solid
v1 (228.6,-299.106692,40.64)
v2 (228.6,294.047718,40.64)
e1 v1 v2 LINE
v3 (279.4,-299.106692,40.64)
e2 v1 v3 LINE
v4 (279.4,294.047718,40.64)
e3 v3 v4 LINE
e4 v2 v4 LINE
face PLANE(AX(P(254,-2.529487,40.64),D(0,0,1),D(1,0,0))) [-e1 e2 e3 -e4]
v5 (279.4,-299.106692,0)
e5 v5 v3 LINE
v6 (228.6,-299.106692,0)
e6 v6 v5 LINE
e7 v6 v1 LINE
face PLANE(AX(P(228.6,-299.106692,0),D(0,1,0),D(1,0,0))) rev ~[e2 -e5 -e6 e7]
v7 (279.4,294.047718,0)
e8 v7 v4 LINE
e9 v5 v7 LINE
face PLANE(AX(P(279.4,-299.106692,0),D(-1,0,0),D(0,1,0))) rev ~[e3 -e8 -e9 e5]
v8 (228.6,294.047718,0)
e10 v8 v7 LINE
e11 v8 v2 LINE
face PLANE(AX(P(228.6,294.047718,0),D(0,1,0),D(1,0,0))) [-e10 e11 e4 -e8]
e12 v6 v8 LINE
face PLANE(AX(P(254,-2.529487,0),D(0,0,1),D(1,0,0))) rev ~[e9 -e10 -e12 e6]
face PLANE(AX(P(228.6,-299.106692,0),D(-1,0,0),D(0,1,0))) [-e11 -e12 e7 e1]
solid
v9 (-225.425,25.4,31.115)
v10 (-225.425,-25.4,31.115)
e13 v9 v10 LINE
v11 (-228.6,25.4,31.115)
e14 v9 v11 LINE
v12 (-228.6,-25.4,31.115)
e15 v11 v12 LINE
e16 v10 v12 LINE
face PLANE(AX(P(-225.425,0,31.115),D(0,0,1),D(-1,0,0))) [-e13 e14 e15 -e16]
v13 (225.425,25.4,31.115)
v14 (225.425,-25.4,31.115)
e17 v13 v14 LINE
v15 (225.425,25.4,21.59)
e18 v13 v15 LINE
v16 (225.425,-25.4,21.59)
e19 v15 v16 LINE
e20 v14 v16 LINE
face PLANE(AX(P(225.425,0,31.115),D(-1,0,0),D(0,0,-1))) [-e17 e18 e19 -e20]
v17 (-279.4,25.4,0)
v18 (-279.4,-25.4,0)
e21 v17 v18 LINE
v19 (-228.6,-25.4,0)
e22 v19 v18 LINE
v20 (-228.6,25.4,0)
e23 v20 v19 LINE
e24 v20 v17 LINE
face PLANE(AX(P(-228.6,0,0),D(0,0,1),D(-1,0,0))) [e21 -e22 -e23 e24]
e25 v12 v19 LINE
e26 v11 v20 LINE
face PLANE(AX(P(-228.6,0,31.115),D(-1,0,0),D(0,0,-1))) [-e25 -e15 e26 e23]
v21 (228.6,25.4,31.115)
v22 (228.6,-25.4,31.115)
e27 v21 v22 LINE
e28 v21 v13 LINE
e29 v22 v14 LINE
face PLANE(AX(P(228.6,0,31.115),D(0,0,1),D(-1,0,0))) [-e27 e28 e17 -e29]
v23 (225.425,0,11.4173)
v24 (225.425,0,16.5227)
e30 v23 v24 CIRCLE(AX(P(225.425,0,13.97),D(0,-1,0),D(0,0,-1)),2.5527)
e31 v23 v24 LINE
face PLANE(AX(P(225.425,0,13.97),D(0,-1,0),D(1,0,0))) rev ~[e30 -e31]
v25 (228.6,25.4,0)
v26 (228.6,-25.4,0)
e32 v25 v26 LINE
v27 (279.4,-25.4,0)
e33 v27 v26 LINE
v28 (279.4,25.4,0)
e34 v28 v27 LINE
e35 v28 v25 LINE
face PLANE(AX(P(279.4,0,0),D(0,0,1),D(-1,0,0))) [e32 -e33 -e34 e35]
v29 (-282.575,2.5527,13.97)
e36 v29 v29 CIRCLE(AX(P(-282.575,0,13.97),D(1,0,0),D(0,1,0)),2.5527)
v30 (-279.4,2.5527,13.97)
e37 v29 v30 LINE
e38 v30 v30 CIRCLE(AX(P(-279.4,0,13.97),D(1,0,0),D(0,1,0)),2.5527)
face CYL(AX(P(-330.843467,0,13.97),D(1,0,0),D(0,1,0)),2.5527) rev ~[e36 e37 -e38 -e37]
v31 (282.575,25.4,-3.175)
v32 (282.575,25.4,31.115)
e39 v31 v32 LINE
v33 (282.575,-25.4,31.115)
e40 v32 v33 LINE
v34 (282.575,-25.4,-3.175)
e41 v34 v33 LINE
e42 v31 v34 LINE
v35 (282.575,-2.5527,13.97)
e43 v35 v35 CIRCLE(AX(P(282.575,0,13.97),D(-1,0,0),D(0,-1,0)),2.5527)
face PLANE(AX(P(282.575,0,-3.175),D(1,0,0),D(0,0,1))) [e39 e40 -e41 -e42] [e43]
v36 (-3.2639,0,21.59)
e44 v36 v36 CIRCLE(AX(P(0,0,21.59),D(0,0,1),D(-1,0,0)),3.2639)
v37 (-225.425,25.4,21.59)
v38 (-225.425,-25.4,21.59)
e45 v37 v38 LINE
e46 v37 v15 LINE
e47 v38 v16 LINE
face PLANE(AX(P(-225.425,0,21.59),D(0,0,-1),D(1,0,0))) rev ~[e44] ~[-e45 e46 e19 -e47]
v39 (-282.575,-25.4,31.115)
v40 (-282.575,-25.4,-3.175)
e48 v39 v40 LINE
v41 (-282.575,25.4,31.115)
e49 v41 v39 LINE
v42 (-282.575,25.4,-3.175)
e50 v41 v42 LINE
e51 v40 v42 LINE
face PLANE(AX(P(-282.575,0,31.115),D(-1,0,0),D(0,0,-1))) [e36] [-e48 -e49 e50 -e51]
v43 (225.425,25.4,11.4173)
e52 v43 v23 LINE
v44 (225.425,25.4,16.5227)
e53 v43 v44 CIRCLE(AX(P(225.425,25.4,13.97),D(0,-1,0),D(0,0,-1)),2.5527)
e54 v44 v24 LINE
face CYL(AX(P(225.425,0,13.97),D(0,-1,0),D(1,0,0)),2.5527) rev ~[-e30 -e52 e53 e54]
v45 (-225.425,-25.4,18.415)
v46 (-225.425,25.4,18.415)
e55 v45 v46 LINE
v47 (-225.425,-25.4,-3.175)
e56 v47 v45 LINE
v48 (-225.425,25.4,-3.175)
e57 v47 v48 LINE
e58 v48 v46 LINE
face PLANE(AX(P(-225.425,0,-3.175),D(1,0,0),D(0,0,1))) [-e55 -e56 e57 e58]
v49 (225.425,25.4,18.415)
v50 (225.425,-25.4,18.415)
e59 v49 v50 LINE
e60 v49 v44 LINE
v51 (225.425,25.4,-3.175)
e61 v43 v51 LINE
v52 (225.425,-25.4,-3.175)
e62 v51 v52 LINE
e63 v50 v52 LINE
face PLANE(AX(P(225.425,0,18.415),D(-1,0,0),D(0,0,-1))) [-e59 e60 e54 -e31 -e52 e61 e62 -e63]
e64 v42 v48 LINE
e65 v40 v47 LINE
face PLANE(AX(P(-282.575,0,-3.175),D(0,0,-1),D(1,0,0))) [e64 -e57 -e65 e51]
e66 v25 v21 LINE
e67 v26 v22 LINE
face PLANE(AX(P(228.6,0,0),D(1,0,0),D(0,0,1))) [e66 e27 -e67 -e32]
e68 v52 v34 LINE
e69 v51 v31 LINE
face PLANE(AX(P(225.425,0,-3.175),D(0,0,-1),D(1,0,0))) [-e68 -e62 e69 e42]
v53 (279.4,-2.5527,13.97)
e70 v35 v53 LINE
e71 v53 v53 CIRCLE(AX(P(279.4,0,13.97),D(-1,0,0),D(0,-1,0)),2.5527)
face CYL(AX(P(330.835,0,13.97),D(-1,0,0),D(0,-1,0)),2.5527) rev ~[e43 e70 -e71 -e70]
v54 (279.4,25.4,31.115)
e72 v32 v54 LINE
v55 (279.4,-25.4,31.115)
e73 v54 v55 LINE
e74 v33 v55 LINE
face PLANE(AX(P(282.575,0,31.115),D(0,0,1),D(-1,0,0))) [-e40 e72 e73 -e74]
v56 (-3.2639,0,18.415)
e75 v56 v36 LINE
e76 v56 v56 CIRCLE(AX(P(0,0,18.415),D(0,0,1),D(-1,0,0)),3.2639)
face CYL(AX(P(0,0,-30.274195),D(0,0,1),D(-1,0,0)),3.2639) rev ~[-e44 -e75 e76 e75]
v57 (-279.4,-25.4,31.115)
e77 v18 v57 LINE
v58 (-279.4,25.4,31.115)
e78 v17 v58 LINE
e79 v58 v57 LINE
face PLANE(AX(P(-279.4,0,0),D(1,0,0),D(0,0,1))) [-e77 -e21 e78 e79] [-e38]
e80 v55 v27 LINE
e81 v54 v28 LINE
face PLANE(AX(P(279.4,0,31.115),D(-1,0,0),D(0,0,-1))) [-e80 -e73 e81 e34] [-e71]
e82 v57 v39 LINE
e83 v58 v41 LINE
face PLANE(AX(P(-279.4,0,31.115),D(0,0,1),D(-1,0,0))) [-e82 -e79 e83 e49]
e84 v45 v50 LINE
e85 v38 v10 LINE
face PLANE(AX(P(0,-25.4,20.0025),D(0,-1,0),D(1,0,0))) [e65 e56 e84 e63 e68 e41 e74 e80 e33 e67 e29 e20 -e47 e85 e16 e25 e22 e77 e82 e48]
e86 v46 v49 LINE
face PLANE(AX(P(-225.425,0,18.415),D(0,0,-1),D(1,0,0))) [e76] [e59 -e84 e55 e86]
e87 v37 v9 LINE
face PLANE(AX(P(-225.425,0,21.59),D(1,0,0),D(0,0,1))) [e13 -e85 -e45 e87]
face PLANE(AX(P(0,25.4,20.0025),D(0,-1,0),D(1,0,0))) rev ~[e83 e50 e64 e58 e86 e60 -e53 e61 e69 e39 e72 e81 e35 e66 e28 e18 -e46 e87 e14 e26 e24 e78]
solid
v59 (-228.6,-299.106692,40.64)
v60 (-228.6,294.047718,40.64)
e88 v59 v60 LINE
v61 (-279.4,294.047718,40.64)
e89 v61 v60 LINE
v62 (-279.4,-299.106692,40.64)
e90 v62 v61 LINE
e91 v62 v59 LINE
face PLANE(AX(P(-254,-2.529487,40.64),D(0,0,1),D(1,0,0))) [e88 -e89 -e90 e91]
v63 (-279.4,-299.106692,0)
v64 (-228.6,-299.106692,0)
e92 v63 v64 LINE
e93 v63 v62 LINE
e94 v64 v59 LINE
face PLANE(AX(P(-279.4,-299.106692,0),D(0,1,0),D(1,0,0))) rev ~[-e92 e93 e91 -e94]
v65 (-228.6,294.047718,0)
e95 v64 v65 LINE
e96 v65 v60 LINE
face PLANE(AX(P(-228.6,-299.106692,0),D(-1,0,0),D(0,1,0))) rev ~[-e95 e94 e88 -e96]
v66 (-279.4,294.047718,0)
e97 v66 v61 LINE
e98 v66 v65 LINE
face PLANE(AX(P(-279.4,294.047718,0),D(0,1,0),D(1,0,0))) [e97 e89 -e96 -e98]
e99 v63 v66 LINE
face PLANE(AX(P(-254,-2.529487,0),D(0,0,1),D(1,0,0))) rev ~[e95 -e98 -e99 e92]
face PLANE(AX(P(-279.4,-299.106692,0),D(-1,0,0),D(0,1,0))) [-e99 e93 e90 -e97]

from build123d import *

# Parameters (mm, degrees)
F0_W           = 50.8
F0_H           = 593.1544098956
F1_DEPTH       = 40.64
F2_W           = 450.85
F2_H           = 3.175
F3_DEPTH       = 25.4
F5_D           = 6.5278
F5_DEPTH       = 48.6891948718
F5_TIP         = 1.9611489744
F7_D           = 5.1054
F7_DEPTH       = 48.2684666667
F7_TIP         = 1.5338169022
F9_D           = 5.1054
F9_DEPTH       = 48.26
F9_TIP         = 1.5338169022
F9_ON_F8_D     = 5.1054
F9_ON_F8_DEPTH = 48.26
F9_ON_F8_TIP   = 1.5338169022


with BuildPart() as f1:
    # F0 (on Top) → F1 (new body)
    with BuildSketch(Plane.XY):
        with Locations((-254, -2.5294870138)):
            Rectangle(F0_W, F0_H)
    extrude(amount=F1_DEPTH)


with BuildPart() as f1b:
    # F0 (on Top) → F1, piece 2 (new body)
    with BuildSketch(Plane.XY):
        with Locations((254, -2.5294870138)):
            Rectangle(F0_W, F0_H)
    extrude(amount=F1_DEPTH)


with BuildPart() as f3:
    # F2 (on Front) → F3 (new body, symmetric)
    with BuildSketch(Plane.XZ):
        with Locations((0, 20.0025)):
            Rectangle(F2_W, F2_H)
        Polygon((-228.6, 0), (-279.4, 0), (-279.4, 31.115), (-282.575, 31.115), (-282.575, -3.175), (-225.425, -3.175), (-225.425, 18.415), (-225.425, 21.59), (-225.425, 31.115), (-228.6, 31.115), align=None)
        Polygon((225.425, 31.115), (225.425, 21.59), (225.425, 18.415), (225.425, -3.175), (282.575, -3.175), (282.575, 31.115), (279.4, 31.115), (279.4, 0), (228.6, 0), (228.6, 31.115), align=None)
    extrude(amount=F3_DEPTH, both=True)

    # F5
    with Locations(Plane(origin=(0, 0, 18.415), x_dir=(1, 0, 0), z_dir=(0, 0, -1))):
        with Locations((0, 0)):
            Hole(F5_D / 2, depth=F5_DEPTH)
            with Locations((0, 0, -(F5_DEPTH + F5_TIP / 2))):  # 118° drill point
                Cone(0, F5_D / 2, F5_TIP, mode=Mode.SUBTRACT)

    # F7
    with Locations(Plane(origin=(-282.575, 0, 0), x_dir=(0, -1, 0), z_dir=(-1, 0, 0))):
        with Locations((0, 13.97)):
            Hole(F7_D / 2, depth=F7_DEPTH)
            with Locations((0, 0, -(F7_DEPTH + F7_TIP / 2))):  # 118° drill point
                Cone(0, F7_D / 2, F7_TIP, mode=Mode.SUBTRACT)

    # F9 (one way)
    with BuildSketch(Plane.XZ):
        with Locations((225.425, 13.97)):
            Circle(F9_D / 2)
    extrude(amount=-F9_DEPTH, mode=Mode.SUBTRACT)
    with Locations(Plane.XZ):
        with Locations((225.425, 13.97)):
            with Locations((0, 0, -(F9_DEPTH + F9_TIP / 2))):  # 118° drill point
                Cone(0, F9_D / 2, F9_TIP, mode=Mode.SUBTRACT)

    # F9 on F8
    with Locations(Plane.YZ.offset(282.575)):
        with Locations((0, 13.97)):
            Hole(F9_ON_F8_D / 2, depth=F9_ON_F8_DEPTH)
            with Locations((0, 0, -(F9_ON_F8_DEPTH + F9_ON_F8_TIP / 2))):  # 118° drill point
                Cone(0, F9_ON_F8_D / 2, F9_ON_F8_TIP, mode=Mode.SUBTRACT)


solid = Compound([f1.part, f1b.part, f3.part])
